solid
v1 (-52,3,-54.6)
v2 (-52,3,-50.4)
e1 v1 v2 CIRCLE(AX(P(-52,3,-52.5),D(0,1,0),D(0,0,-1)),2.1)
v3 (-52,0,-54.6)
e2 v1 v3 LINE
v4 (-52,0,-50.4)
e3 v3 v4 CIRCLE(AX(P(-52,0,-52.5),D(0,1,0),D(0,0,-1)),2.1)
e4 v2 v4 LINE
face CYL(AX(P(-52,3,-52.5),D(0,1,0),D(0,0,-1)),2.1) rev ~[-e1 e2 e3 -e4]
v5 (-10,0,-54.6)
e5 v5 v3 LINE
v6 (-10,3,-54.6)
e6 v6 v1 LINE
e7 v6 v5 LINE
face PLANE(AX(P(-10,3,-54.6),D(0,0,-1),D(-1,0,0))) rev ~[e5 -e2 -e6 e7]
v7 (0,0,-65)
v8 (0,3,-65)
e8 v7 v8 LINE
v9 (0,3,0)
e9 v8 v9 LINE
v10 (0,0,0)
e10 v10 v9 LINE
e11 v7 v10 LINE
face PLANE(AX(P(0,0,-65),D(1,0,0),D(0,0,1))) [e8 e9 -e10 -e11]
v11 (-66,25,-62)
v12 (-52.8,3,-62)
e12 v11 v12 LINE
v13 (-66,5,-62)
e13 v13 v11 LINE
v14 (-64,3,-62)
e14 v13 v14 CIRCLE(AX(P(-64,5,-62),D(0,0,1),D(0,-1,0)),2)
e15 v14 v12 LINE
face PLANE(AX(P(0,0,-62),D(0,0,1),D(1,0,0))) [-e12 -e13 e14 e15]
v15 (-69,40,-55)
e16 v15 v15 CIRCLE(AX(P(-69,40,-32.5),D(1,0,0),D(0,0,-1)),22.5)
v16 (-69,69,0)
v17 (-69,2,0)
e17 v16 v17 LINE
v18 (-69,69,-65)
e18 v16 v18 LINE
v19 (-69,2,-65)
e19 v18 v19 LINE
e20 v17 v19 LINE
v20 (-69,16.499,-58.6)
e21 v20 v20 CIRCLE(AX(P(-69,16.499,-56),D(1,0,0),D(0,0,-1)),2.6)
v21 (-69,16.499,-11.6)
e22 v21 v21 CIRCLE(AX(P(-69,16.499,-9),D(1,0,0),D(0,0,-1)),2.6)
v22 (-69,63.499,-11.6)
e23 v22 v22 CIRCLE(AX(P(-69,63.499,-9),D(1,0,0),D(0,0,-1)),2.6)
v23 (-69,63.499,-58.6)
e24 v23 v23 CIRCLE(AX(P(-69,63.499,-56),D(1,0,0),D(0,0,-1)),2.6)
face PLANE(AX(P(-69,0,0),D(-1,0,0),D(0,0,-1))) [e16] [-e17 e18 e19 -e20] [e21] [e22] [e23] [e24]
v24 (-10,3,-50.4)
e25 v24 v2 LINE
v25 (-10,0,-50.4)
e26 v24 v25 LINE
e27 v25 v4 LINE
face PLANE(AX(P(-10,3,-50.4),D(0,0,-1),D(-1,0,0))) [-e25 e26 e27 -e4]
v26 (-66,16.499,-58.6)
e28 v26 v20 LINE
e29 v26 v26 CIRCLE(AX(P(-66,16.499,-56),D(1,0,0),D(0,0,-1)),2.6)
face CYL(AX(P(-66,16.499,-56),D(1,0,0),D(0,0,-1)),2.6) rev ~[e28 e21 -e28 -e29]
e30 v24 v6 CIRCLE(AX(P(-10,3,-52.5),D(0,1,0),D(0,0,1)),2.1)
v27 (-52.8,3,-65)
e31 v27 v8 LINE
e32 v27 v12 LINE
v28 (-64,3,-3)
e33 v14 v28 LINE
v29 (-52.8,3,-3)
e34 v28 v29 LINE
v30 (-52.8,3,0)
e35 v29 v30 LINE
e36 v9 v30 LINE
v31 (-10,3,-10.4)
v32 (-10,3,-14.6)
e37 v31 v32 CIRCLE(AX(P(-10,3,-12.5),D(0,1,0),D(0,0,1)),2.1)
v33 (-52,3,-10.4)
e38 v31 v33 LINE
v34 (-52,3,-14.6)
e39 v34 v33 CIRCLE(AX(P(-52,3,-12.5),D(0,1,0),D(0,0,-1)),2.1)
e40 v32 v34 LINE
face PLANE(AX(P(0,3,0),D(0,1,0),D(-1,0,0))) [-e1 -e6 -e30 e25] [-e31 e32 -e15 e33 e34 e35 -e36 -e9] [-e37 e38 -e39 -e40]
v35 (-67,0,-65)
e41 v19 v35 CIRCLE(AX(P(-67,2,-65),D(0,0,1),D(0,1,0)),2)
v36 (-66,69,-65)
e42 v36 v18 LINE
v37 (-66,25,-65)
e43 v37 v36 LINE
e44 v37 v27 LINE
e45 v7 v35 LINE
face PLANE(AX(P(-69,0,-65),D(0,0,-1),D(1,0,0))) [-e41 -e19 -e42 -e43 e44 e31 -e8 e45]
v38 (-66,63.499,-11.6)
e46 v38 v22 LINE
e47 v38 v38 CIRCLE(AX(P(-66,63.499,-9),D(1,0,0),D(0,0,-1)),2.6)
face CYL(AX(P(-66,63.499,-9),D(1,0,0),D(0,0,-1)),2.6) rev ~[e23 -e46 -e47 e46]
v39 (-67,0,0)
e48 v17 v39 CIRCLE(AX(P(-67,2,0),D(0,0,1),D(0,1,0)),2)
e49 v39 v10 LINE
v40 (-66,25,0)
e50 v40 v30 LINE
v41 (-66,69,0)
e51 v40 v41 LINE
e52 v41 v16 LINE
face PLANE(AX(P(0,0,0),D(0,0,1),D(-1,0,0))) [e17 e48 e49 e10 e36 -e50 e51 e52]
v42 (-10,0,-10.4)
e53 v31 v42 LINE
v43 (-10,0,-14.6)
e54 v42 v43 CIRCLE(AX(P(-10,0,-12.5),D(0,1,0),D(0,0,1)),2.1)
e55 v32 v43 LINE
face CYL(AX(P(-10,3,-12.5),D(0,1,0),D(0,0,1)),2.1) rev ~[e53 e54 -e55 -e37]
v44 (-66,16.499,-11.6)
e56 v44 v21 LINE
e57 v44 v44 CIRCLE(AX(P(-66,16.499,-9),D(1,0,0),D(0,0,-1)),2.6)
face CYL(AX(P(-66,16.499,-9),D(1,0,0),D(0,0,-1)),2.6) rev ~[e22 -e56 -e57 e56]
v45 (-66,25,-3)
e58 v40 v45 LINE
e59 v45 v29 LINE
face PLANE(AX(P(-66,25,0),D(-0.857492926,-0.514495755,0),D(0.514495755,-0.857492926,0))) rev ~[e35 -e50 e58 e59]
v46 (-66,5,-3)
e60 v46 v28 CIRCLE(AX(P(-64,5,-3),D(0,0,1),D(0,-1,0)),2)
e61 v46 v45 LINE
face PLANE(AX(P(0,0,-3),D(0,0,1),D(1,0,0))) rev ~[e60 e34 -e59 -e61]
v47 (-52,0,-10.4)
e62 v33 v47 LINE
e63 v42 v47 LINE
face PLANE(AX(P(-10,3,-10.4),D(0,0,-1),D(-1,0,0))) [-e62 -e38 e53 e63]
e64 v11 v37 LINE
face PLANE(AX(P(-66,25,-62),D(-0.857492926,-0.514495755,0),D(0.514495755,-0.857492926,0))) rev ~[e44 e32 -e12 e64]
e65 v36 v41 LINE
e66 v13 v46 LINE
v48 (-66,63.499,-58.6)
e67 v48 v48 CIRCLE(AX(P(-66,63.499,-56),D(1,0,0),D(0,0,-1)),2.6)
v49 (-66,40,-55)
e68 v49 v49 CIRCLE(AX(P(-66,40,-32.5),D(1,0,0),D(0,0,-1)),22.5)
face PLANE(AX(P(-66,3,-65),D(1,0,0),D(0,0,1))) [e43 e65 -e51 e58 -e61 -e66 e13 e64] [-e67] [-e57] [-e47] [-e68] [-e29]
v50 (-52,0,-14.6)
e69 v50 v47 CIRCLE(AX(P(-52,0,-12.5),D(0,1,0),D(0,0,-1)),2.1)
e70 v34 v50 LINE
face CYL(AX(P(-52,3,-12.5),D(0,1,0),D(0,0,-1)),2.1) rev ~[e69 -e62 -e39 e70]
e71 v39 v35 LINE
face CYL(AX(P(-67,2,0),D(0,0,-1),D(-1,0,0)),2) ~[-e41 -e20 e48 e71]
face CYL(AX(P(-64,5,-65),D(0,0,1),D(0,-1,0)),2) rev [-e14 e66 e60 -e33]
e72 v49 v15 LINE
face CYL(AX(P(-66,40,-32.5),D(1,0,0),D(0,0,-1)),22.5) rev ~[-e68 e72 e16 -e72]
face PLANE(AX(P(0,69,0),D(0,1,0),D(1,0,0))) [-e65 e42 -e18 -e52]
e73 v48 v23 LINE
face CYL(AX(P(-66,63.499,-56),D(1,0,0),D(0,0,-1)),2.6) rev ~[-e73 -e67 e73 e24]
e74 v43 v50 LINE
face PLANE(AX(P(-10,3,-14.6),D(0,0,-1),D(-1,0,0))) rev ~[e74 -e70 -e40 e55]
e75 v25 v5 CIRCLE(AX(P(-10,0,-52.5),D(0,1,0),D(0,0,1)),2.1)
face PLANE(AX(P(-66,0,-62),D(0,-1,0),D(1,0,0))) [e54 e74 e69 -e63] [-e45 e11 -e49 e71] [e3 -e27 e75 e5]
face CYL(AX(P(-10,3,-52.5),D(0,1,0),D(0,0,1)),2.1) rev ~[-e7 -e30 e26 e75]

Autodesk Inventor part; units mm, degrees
ref_plane "YZ Plane" through (0, 0, 0) normal (1, 0, 0) x (0, 1, 0)
ref_plane "XZ Plane" through (0, 0, 0) normal (0, 1, 0) x (-1, 0, 0)
ref_plane "XY Plane" through (0, 0, 0) normal (0, 0, 1) x (1, 0, 0)
sketch "Sketch1" plane through (0, 0, 0) normal (0, 1, 0) x (-1, 0, 0)
  line L0 (0, 0) -> (69, 0)
  line L1 (69, 0) -> (69, -65)
  line L2 (69, -65) -> (0, -65)
  line L3 (0, -65) -> (0, 0)
  dimension "d0" = 69
  dimension "d1" = 65
extrude "Extrusion1" add sketch "Sketch1" along normal blind 3
sketch "Sketch2" plane through (0, 3, 0) normal (0, 1, 0) x (1, 0, 0)
  line L0 (0, 65) -> (-69, 65) projected
  line L1 (-69, 65) -> (-66, 65)
  line L2 (-66, 65) -> (-66, 0)
  line L3 (-66, 0) -> (-69, 0)
  line L4 (-69, 0) -> (-69, 65)
  point P0 (0, 0)
  dimension "d4" = 3
  dimension "d5" = 65
extrude "Extrusion2" add sketch "Sketch2" along normal blind 66
fillet "Fillet1" radius 2 2 edges at (-66, 3, -32.5) (-69, 0, -32.5)
sketch "Sketch3" plane through (0, 0, 0) normal (0, 0, 1) x (1, 0, 0)
  line L0 (-67, 0) -> (0, 0) projected
  line L1 (-66, 0) -> (-51, 0) construction
  line L2 (-66, 5) -> (-66, 69) projected
  line L3 (-66, 5) -> (-66, 0)
  line L4 (-66, 5) -> (-61, 5) construction
  line L5 (-66, 0) -> (-51, 0)
  line L6 (-66, 0) -> (-66, 25)
  line L7 (-66, 25) -> (-51, 0)
  dimension "d12" = 5
  dimension "d13" = 90
  dimension "d14" = 15
  dimension "d15" = 90
  dimension "d16" = 25
extrude "Extrusion3" add sketch "Sketch3" against normal blind 3
pattern_linear "Rectangular Pattern1" count 2 spacing 62 along (0, 0, -1) of "Extrusion3"
sketch "Sketch4" plane through (-66, 69, 0) normal (1, 0, 0) x (0, 0, -1)
  circle A0 centre (32.5, -29) radius 22.5
  line L0 (0, 0) -> (65, 0) projected
  line L1 (0, -44) -> (0, 0) projected
  point P0 (0, -69)
  dimension "d22" = 45
  dimension "d23" = 29
  dimension "d24" = 32.5
extrude "Extrusion4" cut sketch "Sketch4" against normal blind 3
sketch "Sketch5" plane through (-66, 69, 0) normal (1, 0, 0) x (0, 0, -1)
  circle A0 centre (9, -5.501) radius 2.6
  line L0 (0, 0) -> (65, 0) projected
  line L1 (0, -44) -> (0, 0) projected
  circle A1 centre (56, -5.501) radius 2.6
  circle A2 centre (9, -52.501) radius 2.6
  circle A3 centre (56, -52.501) radius 2.6
  point P0 (0, -69)
  dimension "d27" = 5.2
  dimension "d28" = 5.501
  dimension "d29" = 9
  dimension "d32" = 47
  dimension "d35" = 47
extrude "Extrusion5" cut sketch "Sketch5" against normal blind 3
sketch "Sketch6" plane through (0, 3, 0) normal (0, 1, 0) x (1, 0, 0)
  line L0 (-52.8, 0) -> (0, 0) projected
  line L1 (0, 0) -> (0, 65) projected
  arc A0 (-10, 10.4) -> (-10, 14.6) centre (-10, 12.5) ccw
  arc A1 (-52, 14.6) -> (-52, 10.4) centre (-52, 12.5) ccw
  line L2 (-10, 14.6) -> (-52, 14.6)
  line L3 (-69, 65) -> (-69, 0) projected
  line L4 (-10, 12.5) -> (-7.9, 12.5) construction
  line L5 (-10, 10.4) -> (-52, 10.4)
  dimension "d47" = 4.2
  dimension "d48" = 4.2
  dimension "d49" = 12.5
  dimension "d50" = 12.5
  dimension "d52" = 42
  dimension "d54" = 17
extrude "Extrusion6" cut sketch "Sketch6" against normal blind 3
pattern_linear "Rectangular Pattern2" count 2 spacing 40 along (0, 0, -1) of "Extrusion6"
properties part number "NEMA23_StepperonlineMount"
